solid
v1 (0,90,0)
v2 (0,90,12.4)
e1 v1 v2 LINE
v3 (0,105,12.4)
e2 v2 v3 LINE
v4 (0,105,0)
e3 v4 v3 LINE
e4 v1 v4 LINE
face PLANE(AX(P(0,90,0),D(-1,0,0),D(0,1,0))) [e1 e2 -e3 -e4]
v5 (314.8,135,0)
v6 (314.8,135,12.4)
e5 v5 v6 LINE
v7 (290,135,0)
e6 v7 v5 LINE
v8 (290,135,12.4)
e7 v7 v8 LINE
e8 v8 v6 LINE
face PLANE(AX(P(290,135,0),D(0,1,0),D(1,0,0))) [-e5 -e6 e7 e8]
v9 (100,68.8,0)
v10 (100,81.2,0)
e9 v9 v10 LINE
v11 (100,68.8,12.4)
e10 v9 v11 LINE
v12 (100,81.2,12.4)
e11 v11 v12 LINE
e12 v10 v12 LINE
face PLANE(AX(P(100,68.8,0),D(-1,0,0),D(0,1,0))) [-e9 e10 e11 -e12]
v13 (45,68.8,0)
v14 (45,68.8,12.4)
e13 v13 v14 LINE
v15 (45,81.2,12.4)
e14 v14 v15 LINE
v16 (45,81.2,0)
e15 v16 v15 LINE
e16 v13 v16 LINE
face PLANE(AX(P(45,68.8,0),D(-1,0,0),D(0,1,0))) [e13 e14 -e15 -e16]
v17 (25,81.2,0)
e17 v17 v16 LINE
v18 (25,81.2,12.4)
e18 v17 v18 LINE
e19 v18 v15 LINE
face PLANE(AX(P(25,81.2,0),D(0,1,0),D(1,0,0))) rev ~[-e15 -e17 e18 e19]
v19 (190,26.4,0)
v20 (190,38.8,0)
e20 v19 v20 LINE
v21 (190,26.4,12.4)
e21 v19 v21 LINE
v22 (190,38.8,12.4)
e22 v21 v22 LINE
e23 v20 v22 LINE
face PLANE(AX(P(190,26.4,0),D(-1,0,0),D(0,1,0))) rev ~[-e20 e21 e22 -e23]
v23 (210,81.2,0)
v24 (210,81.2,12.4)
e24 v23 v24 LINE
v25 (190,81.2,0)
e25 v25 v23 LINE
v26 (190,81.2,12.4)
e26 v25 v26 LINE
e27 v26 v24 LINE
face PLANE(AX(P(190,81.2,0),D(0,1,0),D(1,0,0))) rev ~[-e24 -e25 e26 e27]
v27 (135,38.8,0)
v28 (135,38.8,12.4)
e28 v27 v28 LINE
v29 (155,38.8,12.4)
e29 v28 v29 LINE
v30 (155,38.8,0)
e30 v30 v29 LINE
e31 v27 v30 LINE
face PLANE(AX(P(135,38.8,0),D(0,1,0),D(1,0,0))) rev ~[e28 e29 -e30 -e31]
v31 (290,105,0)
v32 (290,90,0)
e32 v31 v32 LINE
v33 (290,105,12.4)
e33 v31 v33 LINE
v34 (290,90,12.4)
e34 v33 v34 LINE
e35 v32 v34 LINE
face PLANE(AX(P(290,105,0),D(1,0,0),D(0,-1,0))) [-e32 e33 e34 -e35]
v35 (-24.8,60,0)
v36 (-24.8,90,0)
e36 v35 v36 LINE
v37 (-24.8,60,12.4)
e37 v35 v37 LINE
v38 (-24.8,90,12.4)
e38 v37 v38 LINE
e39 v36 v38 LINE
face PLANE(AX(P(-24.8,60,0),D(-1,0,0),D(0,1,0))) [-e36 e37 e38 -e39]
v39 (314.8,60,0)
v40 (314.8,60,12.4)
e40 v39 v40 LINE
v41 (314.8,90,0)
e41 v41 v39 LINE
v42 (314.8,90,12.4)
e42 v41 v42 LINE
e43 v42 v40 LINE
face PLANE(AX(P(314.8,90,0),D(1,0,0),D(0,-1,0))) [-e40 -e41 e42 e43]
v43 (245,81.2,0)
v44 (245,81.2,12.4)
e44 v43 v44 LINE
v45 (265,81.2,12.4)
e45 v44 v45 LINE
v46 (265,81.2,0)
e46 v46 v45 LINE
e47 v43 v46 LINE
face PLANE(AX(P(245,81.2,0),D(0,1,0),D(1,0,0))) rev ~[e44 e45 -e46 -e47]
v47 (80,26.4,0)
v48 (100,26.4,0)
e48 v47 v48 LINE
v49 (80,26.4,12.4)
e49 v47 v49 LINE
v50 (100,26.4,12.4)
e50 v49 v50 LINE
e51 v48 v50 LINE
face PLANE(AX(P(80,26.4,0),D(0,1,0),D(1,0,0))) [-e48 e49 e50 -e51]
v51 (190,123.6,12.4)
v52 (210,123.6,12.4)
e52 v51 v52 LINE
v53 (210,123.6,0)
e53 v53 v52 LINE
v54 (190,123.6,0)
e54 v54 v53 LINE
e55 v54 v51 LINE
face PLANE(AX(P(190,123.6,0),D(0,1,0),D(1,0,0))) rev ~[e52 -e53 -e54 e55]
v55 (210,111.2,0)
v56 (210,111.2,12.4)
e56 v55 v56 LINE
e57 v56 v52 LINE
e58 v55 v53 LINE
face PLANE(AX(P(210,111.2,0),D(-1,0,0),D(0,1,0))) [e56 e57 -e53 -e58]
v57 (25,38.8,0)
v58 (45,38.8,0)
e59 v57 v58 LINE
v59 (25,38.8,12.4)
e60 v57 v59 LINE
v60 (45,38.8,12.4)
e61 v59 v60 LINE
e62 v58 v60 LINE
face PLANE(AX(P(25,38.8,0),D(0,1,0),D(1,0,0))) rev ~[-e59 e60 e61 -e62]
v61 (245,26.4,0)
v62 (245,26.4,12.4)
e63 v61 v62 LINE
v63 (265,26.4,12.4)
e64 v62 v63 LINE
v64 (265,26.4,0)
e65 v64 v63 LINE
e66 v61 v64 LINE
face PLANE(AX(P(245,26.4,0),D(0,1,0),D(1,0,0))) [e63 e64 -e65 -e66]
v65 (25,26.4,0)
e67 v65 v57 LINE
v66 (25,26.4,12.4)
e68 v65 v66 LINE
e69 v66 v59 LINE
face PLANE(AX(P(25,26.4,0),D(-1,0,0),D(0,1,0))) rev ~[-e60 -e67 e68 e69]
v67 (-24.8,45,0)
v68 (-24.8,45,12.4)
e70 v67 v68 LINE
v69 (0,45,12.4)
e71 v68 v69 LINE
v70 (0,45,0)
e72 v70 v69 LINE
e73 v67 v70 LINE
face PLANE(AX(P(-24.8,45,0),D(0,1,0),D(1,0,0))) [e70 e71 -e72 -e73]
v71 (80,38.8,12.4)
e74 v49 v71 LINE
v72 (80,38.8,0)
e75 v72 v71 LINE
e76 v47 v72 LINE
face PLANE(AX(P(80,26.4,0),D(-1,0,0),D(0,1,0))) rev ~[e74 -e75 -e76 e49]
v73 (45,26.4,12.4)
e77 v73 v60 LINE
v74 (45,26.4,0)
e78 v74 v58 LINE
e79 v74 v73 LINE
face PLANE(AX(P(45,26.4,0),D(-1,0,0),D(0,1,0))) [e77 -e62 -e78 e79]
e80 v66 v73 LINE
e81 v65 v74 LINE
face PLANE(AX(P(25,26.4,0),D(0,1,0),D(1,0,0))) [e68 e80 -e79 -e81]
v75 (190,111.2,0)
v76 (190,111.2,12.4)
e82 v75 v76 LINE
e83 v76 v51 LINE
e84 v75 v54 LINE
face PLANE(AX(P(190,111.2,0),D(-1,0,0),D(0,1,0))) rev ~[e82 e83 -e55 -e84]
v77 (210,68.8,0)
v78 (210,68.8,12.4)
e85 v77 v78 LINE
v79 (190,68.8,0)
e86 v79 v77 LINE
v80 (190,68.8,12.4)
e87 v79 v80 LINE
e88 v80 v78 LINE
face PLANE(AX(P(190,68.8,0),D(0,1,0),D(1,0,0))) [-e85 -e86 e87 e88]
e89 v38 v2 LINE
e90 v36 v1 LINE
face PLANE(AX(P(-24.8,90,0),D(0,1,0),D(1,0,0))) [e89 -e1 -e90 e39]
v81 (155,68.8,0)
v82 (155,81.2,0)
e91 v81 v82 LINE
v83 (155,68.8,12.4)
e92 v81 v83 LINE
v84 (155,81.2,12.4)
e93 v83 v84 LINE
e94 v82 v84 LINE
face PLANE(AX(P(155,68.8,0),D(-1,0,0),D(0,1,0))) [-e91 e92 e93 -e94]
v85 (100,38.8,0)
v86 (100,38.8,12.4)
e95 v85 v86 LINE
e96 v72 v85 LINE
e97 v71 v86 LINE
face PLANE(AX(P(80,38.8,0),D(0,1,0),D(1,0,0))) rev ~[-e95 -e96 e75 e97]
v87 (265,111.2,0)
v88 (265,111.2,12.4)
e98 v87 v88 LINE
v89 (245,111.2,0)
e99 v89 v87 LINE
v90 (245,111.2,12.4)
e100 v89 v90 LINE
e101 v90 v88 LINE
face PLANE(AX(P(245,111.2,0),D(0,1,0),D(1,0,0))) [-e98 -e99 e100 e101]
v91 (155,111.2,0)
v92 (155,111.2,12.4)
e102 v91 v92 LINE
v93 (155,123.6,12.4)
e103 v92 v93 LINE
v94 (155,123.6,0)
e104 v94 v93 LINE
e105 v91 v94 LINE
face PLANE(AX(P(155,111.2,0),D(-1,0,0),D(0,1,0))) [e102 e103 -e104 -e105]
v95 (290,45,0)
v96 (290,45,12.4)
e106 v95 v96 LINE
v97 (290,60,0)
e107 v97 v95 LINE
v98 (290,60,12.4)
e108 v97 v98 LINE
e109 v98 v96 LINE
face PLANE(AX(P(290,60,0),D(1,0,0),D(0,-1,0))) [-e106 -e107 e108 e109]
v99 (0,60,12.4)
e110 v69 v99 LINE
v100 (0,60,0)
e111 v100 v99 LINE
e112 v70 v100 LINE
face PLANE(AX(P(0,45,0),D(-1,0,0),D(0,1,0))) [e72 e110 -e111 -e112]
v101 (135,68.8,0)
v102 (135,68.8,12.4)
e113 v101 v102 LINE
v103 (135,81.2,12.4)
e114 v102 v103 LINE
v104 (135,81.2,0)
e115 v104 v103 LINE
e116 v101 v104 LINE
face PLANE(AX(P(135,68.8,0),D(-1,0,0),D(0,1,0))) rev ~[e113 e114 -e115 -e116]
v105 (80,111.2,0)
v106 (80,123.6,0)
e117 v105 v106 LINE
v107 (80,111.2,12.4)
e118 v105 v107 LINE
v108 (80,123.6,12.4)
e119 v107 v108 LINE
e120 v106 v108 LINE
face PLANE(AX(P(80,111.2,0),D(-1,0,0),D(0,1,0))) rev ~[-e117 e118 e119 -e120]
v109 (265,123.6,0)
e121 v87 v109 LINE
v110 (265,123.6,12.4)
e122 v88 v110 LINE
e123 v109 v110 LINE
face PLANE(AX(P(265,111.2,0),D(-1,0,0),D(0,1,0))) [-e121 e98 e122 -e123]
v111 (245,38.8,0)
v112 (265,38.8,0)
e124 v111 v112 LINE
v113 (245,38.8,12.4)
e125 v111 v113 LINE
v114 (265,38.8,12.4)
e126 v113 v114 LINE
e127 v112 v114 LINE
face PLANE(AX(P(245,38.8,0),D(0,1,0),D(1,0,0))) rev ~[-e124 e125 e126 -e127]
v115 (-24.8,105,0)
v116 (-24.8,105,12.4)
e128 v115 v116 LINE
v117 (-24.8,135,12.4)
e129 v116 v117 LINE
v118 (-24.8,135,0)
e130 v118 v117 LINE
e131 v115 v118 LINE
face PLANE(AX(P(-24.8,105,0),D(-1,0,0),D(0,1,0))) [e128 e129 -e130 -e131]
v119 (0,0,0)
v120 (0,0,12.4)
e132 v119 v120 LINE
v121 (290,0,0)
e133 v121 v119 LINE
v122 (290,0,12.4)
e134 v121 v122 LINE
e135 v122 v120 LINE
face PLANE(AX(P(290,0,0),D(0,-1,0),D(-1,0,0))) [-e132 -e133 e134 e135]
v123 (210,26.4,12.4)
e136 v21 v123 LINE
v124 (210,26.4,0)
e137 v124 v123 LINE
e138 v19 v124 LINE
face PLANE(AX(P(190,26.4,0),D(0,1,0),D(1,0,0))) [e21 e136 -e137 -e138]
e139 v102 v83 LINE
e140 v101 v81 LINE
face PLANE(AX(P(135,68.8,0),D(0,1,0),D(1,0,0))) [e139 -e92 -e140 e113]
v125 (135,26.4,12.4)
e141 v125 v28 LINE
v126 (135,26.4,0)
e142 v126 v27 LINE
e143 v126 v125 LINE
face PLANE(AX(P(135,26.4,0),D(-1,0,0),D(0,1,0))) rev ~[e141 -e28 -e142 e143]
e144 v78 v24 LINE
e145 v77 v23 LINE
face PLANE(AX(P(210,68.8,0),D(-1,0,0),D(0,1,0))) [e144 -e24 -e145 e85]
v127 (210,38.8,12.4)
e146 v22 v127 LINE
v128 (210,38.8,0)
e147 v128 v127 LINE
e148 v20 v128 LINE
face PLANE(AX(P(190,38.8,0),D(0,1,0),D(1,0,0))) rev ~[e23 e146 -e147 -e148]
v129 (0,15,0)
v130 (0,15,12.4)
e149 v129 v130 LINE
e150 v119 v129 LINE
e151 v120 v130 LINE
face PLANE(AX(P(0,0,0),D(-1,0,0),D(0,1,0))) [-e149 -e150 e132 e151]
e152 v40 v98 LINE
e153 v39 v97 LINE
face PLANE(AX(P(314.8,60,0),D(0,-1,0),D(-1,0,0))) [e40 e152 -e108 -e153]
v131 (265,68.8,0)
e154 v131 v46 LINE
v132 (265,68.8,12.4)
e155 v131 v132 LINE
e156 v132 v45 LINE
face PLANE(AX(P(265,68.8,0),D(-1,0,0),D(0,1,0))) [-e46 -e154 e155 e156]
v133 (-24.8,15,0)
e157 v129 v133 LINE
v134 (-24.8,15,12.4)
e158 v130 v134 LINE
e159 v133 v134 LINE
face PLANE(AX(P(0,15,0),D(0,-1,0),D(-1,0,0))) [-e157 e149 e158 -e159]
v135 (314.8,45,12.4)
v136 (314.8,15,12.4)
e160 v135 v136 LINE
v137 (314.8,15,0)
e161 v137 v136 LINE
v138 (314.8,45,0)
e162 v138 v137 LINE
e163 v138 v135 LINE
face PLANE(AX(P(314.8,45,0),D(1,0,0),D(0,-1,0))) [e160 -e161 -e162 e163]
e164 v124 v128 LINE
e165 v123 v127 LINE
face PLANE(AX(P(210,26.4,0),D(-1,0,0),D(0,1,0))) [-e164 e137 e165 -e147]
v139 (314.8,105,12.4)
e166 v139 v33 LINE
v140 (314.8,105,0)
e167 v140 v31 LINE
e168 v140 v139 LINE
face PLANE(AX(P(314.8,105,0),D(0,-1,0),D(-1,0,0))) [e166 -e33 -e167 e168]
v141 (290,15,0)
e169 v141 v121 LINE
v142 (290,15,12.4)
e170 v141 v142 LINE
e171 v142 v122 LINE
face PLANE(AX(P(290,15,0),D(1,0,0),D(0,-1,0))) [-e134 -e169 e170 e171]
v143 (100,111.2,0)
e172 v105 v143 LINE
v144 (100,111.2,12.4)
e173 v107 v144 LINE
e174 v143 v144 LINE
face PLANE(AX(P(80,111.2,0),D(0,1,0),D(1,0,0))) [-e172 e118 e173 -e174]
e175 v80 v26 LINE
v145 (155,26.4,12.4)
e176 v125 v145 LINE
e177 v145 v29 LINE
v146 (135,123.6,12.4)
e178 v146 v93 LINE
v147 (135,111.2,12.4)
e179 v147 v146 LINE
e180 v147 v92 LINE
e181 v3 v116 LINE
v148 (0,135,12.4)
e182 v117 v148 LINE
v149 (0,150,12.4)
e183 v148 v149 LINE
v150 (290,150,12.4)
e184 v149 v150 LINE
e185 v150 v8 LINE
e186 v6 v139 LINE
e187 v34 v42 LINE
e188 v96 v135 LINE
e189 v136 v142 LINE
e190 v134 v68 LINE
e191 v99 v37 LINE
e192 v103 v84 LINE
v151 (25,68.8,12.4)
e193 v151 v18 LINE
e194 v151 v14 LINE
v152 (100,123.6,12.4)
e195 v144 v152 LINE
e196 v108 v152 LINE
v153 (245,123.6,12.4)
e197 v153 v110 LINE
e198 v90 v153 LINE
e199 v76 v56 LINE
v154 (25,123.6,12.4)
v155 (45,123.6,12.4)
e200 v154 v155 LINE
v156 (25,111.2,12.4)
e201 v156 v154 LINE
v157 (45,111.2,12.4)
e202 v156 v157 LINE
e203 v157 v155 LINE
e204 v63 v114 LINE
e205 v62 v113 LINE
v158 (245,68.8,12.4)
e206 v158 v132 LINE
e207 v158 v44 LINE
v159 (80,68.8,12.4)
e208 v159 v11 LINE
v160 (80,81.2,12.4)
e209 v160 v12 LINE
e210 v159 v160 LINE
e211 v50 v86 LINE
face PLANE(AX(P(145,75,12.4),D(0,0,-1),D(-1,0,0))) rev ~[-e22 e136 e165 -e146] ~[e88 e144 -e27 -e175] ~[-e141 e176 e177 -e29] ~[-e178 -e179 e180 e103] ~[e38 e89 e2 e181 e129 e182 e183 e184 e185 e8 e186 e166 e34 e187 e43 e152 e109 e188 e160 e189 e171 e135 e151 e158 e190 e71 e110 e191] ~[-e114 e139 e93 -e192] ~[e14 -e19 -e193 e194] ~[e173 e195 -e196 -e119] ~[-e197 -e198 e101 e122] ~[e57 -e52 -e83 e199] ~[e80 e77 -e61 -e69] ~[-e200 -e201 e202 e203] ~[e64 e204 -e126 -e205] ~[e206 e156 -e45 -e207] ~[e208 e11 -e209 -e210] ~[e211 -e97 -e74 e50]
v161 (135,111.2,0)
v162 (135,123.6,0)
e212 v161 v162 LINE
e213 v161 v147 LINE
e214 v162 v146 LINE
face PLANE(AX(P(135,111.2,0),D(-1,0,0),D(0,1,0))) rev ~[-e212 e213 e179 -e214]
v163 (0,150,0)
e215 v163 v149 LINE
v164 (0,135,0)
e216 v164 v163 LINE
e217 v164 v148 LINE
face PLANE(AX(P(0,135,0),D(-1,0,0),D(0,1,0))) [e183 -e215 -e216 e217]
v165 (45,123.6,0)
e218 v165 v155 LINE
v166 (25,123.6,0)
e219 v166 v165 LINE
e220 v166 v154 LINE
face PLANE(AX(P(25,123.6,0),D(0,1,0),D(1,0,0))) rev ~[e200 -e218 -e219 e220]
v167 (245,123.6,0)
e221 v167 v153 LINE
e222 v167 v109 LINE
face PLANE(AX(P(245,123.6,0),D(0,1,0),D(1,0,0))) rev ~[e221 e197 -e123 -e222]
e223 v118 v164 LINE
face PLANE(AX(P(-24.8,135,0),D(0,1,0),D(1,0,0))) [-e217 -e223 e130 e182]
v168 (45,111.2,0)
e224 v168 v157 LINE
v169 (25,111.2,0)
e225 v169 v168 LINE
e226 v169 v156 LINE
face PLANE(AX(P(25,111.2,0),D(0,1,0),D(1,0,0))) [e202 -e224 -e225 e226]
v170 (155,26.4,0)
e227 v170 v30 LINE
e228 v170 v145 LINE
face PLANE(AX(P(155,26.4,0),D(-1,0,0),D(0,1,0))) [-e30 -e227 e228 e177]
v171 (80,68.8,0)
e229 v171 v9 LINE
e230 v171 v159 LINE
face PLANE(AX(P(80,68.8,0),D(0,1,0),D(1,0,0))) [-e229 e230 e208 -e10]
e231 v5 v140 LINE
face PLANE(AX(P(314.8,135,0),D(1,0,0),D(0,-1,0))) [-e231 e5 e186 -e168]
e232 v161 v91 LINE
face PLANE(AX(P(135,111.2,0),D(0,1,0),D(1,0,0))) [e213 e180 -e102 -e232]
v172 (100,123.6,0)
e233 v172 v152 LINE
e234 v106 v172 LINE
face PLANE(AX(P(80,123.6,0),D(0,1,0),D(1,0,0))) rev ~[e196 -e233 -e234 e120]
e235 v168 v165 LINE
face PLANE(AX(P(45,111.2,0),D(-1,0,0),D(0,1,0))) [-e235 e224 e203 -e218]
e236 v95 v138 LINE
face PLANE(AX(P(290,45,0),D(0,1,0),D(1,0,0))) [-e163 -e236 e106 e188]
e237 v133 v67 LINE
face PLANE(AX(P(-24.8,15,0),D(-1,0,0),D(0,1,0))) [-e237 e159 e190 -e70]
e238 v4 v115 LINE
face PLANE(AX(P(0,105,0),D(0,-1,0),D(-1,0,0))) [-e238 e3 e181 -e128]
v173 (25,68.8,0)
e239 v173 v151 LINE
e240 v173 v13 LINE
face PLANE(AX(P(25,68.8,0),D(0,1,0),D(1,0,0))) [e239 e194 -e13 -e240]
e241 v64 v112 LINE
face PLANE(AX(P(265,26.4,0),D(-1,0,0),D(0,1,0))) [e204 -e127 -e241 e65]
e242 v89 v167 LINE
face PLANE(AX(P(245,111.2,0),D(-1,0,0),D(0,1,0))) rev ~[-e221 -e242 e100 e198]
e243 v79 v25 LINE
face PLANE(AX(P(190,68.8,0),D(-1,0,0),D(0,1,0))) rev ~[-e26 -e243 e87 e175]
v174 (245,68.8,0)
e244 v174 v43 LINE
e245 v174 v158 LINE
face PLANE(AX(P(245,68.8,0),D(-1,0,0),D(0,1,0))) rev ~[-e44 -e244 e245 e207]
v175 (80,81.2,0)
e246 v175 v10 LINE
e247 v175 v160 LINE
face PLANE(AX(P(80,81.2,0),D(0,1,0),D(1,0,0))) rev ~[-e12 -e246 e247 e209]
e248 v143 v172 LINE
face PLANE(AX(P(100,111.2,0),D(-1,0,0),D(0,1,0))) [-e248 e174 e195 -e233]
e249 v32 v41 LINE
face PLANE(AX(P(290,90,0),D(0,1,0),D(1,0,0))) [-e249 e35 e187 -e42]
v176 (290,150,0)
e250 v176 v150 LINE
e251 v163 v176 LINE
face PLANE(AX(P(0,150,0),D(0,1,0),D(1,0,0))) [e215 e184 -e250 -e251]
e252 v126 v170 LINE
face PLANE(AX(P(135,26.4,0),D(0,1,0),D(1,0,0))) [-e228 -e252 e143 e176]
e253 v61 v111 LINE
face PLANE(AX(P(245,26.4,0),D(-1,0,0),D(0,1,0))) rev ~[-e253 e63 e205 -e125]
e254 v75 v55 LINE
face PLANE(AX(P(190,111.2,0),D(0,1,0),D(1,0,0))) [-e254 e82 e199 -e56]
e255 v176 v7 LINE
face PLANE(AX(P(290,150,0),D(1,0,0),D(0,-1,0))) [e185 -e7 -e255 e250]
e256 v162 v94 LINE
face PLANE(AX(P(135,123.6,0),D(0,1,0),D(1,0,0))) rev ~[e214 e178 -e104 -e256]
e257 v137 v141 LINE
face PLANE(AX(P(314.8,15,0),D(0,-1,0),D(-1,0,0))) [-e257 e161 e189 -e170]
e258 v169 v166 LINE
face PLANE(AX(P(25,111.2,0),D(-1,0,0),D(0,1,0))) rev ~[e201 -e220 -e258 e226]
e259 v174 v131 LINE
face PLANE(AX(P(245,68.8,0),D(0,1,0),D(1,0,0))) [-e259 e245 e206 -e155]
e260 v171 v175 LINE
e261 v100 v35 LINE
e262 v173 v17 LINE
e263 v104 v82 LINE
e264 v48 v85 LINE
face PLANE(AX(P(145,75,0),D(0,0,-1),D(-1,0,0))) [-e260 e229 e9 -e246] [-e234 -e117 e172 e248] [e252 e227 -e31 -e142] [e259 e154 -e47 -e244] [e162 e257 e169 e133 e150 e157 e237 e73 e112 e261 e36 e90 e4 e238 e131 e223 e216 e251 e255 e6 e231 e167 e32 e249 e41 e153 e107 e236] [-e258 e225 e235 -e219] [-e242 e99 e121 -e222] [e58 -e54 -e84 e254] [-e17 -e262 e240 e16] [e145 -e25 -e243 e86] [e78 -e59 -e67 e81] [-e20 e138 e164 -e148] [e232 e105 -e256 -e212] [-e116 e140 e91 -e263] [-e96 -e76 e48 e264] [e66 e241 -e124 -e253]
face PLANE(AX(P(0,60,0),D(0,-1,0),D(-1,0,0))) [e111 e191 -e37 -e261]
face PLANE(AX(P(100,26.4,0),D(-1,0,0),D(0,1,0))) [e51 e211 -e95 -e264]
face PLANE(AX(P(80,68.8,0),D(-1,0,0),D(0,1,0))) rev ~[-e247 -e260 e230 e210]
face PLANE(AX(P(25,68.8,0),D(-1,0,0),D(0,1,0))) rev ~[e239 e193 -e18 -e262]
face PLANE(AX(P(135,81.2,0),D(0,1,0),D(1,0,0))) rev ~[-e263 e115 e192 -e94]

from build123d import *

# Parameters (mm, degrees)
MODEL_W             = 20
MODEL_H             = 12.4
BOSS_EXTRUDE1_DEPTH = 12.4


with BuildPart() as part:
    # Model → Boss-Extrude1 (new body)
    with BuildSketch(Plane.XY):
        Polygon((0, 135), (0, 150), (290, 150), (290, 135), (314.8, 135), (314.8, 105), (290, 105), (290, 90), (314.8, 90), (314.8, 60), (290, 60), (290, 45), (314.8, 45), (314.8, 15), (290, 15), (290, 0), (0, 0), (0, 15), (-24.8, 15), (-24.8, 45), (0, 45), (0, 60), (-24.8, 60), (-24.8, 90), (0, 90), (0, 105), (-24.8, 105), (-24.8, 135), align=None)
        with Locations((200, 117.4)):
            Rectangle(MODEL_W, MODEL_H, mode=Mode.SUBTRACT)
        with Locations((145, 117.4)):
            Rectangle(MODEL_W, MODEL_H, mode=Mode.SUBTRACT)
        with Locations((255, 117.4)):
            Rectangle(MODEL_W, MODEL_H, mode=Mode.SUBTRACT)
        with Locations((200, 75)):
            Rectangle(MODEL_W, MODEL_H, mode=Mode.SUBTRACT)
        with Locations((255, 75)):
            Rectangle(MODEL_W, MODEL_H, mode=Mode.SUBTRACT)
        with Locations((200, 32.6)):
            Rectangle(MODEL_W, MODEL_H, mode=Mode.SUBTRACT)
        with Locations((255, 32.6)):
            Rectangle(MODEL_W, MODEL_H, mode=Mode.SUBTRACT)
        with Locations((145, 75)):
            Rectangle(MODEL_W, MODEL_H, mode=Mode.SUBTRACT)
        with Locations((145, 32.6)):
            Rectangle(MODEL_W, MODEL_H, mode=Mode.SUBTRACT)
        with Locations((90, 117.4)):
            Rectangle(MODEL_W, MODEL_H, mode=Mode.SUBTRACT)
        with Locations((35, 117.4)):
            Rectangle(MODEL_W, MODEL_H, mode=Mode.SUBTRACT)
        with Locations((90, 75)):
            Rectangle(MODEL_W, MODEL_H, mode=Mode.SUBTRACT)
        with Locations((35, 75)):
            Rectangle(MODEL_W, MODEL_H, mode=Mode.SUBTRACT)
        with Locations((90, 32.6)):
            Rectangle(MODEL_W, MODEL_H, mode=Mode.SUBTRACT)
        with Locations((35, 32.6)):
            Rectangle(MODEL_W, MODEL_H, mode=Mode.SUBTRACT)
    extrude(amount=BOSS_EXTRUDE1_DEPTH)


solid = part.part
